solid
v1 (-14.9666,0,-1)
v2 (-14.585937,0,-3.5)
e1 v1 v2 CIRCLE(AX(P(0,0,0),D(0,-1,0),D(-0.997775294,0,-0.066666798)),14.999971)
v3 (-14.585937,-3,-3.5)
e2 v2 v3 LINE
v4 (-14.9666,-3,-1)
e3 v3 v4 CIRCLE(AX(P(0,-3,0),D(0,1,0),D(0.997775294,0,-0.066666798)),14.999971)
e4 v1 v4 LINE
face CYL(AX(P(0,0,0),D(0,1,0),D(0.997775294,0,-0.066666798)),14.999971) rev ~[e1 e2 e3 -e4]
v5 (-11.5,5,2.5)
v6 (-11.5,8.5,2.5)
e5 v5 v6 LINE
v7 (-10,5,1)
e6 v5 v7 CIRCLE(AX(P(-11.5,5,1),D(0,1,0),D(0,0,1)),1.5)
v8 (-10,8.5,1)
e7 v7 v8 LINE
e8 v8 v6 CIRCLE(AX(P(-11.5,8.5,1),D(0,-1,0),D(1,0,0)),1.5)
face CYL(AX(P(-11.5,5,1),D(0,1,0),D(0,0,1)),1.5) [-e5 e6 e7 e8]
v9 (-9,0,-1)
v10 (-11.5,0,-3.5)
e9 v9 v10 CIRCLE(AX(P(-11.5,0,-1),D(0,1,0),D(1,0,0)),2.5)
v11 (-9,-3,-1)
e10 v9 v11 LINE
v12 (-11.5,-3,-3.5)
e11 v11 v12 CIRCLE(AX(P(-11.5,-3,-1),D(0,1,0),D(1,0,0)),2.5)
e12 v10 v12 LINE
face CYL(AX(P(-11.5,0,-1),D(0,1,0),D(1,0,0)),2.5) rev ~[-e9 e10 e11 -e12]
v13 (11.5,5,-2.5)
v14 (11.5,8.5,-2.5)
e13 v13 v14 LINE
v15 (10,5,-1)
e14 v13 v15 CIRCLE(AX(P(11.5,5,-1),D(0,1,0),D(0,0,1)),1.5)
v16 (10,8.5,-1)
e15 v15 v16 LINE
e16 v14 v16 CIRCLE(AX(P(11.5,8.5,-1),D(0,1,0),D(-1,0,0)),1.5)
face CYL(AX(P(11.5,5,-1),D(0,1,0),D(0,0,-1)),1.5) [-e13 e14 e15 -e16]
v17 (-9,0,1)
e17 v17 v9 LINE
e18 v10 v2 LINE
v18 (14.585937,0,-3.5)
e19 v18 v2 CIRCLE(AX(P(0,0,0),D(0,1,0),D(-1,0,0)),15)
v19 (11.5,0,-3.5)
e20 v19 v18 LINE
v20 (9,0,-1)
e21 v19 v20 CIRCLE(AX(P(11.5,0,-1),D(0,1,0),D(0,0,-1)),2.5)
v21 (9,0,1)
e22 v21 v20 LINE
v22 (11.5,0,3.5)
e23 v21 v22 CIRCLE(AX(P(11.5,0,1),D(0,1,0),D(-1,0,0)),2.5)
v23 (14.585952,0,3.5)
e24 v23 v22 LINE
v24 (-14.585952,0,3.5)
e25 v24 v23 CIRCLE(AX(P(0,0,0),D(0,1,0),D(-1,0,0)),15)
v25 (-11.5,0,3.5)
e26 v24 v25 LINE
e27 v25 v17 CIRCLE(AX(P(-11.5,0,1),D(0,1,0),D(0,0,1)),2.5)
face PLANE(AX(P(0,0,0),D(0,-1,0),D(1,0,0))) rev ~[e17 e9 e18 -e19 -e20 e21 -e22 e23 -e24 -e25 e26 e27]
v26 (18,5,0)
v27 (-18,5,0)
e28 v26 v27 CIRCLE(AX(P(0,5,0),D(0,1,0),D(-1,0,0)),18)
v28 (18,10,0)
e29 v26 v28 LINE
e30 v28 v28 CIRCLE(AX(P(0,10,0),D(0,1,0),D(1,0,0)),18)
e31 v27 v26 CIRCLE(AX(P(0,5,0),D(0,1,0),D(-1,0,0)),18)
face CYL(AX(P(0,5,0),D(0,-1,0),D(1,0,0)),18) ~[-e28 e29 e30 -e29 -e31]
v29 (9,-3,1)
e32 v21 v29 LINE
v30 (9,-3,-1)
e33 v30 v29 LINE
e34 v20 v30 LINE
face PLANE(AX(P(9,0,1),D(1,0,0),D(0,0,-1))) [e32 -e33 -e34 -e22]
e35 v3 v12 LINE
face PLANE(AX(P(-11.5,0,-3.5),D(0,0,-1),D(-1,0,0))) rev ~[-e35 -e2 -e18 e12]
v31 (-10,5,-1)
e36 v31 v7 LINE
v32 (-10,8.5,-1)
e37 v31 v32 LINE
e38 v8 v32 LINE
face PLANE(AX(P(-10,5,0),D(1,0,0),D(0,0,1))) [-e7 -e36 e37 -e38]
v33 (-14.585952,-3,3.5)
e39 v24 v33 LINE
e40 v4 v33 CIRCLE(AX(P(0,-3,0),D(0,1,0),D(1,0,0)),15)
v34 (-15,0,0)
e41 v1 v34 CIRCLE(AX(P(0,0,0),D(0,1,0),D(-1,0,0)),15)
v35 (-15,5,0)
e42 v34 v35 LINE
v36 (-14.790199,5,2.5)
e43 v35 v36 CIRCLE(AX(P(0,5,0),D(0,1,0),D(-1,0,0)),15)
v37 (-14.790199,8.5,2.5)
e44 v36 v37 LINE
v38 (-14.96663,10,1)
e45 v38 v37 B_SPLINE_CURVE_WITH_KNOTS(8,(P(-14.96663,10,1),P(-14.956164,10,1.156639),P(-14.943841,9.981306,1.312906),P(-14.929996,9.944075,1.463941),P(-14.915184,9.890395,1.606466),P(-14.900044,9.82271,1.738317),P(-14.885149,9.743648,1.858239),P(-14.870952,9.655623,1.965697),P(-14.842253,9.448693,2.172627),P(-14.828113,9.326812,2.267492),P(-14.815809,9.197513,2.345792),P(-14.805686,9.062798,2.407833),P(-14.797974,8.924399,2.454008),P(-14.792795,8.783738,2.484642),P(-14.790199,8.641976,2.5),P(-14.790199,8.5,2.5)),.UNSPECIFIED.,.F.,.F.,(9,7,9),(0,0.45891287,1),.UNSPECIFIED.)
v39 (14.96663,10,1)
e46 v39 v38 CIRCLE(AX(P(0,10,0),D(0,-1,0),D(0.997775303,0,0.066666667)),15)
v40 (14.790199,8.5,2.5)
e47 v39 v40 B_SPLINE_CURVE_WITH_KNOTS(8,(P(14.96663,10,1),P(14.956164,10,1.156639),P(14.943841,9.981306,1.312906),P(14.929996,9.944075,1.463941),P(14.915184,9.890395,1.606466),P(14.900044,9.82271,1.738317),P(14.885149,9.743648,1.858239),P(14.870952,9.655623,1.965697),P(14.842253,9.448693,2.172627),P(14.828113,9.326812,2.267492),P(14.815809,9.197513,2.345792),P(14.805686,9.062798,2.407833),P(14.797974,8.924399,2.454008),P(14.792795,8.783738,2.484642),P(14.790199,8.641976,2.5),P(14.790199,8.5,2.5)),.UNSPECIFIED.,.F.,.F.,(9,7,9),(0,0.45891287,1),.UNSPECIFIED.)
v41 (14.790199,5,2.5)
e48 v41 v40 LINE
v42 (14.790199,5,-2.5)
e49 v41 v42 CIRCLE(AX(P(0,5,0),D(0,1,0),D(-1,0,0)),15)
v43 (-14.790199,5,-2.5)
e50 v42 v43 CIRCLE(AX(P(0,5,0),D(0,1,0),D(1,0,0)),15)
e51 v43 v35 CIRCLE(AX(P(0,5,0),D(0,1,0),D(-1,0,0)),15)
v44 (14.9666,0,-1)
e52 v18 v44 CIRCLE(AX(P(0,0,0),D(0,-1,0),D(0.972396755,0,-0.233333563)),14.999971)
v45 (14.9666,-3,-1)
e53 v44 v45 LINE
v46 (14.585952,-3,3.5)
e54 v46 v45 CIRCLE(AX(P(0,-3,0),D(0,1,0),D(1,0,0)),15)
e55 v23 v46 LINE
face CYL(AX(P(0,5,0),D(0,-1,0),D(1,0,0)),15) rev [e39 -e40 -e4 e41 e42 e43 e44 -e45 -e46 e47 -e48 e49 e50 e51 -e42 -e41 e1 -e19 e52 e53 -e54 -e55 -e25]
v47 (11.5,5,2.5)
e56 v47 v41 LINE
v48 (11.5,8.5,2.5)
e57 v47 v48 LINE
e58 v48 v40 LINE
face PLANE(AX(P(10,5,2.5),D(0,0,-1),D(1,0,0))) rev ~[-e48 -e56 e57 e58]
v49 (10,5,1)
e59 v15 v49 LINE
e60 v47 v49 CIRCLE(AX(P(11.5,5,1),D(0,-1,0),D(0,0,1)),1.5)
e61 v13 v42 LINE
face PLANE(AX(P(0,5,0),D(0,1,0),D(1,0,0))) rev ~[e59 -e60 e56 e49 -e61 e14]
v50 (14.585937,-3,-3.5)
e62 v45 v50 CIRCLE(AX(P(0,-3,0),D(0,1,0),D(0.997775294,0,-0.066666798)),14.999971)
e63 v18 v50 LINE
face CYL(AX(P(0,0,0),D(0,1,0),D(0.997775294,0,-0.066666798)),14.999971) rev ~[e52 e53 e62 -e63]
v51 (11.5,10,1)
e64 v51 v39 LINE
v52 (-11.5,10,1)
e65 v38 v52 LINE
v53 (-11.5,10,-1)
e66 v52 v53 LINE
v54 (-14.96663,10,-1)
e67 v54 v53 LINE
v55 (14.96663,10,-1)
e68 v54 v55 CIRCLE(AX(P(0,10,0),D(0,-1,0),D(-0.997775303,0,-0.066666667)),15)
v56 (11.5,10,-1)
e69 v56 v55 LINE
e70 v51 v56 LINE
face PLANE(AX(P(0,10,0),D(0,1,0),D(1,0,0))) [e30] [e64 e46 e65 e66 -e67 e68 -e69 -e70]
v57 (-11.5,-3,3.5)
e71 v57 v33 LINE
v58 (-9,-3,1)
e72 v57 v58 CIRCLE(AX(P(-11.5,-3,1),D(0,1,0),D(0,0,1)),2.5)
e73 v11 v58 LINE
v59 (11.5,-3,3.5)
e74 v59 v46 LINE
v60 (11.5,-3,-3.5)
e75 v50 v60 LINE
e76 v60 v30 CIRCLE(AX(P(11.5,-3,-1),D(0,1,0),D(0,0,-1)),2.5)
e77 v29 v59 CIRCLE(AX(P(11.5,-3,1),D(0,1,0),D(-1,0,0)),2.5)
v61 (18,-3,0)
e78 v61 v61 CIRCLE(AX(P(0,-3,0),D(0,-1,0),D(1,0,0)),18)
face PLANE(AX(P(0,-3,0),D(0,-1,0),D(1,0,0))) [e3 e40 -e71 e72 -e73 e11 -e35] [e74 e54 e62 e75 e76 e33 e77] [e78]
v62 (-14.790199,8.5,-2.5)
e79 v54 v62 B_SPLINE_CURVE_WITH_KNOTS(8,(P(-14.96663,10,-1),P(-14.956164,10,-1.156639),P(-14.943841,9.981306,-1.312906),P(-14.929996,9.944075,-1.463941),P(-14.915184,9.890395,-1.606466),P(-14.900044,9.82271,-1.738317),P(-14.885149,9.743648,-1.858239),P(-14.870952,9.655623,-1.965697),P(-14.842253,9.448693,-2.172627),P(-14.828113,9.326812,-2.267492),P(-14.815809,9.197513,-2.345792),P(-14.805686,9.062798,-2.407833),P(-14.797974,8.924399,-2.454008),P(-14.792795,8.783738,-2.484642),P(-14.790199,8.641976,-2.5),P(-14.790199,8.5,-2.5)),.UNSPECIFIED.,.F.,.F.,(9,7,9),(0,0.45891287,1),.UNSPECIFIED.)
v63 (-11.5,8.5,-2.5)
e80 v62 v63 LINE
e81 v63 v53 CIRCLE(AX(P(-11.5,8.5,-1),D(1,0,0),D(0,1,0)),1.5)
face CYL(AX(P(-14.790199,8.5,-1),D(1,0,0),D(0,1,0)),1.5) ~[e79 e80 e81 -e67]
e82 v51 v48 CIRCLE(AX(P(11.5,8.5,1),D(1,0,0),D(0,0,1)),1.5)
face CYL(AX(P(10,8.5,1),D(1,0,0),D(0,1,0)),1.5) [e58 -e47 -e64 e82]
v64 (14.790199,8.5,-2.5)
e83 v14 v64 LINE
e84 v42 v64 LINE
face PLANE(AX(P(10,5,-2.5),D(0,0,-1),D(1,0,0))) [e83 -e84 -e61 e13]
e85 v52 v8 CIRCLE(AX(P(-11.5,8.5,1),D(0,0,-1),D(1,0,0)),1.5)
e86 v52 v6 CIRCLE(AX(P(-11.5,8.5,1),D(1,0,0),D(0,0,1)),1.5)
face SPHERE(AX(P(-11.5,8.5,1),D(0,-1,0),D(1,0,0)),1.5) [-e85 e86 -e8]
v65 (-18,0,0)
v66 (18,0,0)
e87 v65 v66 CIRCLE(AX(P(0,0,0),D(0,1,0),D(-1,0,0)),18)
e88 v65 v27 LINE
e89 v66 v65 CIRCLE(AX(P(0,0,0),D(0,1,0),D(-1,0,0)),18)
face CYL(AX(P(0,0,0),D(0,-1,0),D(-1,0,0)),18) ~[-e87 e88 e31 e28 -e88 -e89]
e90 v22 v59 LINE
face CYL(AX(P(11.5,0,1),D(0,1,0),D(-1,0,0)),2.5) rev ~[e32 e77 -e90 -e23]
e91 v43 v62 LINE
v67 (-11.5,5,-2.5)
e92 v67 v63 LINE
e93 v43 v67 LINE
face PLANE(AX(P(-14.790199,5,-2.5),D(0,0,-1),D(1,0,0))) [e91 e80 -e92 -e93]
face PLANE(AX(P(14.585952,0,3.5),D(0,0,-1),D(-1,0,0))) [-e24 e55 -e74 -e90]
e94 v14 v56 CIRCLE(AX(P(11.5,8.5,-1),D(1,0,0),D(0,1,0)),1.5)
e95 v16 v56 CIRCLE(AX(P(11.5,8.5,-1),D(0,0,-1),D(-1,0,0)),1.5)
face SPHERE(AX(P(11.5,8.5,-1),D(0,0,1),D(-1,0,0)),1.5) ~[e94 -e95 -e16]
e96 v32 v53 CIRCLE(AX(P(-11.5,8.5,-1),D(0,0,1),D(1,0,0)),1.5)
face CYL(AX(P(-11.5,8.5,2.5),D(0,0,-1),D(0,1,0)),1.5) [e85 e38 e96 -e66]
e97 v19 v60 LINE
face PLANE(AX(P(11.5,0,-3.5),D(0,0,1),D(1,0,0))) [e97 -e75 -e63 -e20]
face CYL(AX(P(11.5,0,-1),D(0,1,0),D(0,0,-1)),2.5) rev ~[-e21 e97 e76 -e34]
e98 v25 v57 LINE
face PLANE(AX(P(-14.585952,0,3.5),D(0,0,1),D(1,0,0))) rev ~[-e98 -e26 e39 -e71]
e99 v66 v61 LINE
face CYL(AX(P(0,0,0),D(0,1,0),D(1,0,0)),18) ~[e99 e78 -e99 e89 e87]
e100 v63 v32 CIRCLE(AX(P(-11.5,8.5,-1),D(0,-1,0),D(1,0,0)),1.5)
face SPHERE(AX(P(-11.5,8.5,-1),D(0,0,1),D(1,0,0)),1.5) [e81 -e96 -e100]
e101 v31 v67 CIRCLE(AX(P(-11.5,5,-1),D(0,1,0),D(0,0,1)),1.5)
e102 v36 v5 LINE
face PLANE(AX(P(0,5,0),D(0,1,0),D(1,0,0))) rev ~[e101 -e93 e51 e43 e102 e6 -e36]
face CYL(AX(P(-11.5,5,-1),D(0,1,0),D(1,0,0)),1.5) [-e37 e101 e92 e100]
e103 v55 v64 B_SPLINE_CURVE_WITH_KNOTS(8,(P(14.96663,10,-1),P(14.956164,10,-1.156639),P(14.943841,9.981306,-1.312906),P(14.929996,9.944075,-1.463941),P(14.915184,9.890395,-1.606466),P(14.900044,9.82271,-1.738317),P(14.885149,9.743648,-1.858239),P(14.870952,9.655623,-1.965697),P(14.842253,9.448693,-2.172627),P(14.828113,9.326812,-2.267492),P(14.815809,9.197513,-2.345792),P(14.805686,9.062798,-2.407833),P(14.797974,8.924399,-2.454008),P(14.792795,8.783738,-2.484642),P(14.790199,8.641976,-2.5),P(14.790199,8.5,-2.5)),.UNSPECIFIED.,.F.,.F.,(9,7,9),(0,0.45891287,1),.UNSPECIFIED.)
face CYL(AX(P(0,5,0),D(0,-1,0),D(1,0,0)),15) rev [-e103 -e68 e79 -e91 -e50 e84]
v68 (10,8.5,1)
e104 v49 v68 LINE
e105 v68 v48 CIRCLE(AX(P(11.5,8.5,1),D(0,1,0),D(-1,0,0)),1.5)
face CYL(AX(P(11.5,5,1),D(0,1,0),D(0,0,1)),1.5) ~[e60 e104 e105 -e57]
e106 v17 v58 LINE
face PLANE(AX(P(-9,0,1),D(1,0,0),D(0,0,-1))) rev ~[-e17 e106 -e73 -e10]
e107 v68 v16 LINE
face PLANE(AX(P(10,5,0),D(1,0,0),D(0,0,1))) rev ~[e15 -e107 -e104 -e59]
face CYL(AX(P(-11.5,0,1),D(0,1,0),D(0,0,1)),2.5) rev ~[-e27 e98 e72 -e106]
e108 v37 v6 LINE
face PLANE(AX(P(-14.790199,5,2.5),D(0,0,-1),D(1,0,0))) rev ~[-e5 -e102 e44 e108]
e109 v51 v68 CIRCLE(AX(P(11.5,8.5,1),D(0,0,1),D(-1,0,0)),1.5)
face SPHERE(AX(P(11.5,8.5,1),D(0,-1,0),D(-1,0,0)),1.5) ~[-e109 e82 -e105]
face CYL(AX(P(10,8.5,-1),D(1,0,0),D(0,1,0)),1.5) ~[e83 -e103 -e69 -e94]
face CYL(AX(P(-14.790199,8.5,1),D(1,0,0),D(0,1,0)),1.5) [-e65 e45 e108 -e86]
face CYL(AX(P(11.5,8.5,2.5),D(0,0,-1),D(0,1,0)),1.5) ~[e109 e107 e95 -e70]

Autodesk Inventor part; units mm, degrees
ref_plane "YZ Plane" through (0, 0, 0) normal (1, 0, 0) x (0, 1, 0)
ref_plane "XZ Plane" through (0, 0, 0) normal (0, 1, 0) x (-1, 0, 0)
ref_plane "XY Plane" through (0, 0, 0) normal (0, 0, 1) x (1, 0, 0)
sketch "Sketch5" plane through (0, 0, 0) normal (0, 1, 0) x (-1, 0, 0)
  circle A0 centre (0, 0) radius 15
  circle A1 centre (0, 0) radius 18
  dimension "d18" = 30
  dimension "d19" = 36
extrude "Extrusion4" add sketch "Sketch5" along normal blind 5
sketch "Sketch6" plane through (0, 0, 0) normal (0, -1, 0) x (1, 0, 0)
  circle A0 centre (0, 0) radius 15 projected
  circle A1 centre (0, 0) radius 18 projected
extrude "Extrusion5" add sketch "Sketch6" along normal blind 3 contours A0 | A1
sketch "Sketch7" plane through (0, 5, 0) normal (0, 1, 0) x (1, 0, 0)
  circle A0 centre (0, 0) radius 15 projected
  circle A1 centre (0, 0) radius 18 projected
  line L0 (-17.8255, 2.5) -> (17.8255, 2.5)
  line L1 (-17.8255, -2.5) -> (17.8255, -2.5)
  circle A2 centre (0, 0) radius 10
  line L2 (-10, 2.5) -> (-10, -2.5)
  line L3 (10, 2.5) -> (10, -2.5)
  point P0 (0, 2.5)
  point P1 (-14.7902, 2.5)
  point P2 (14.7902, 2.5)
  point P3 (14.7902, -2.5)
  point P4 (-14.7902, -2.5)
  dimension "d24" = 2.5
  dimension "d25" = 20
extrude "Extrusion6" add sketch "Sketch7" along normal blind 5 contours A0 L1 L3 L0 | A0 L0 A1 L1 | A0 L0 A1 | L1 A1 A0 | L0 L2 L1 A0 | A0 L1 A1 L0
fillet "Fillet1" radius 1.5 10 edges at (-10, 7.5, 2.5) (-10, 10, 0) (10, 7.5, 2.5) (10, 10, 0) (10, 7.5, -2.5) (-10, 7.5, -2.5) (12.3951, 10, 2.5) (12.3951, 10, -2.5) (-12.3951, 10, 2.5) (-12.3951, 10, -2.5)
sketch "Sketch8" plane through (0, 0, 0) normal (0, 1, 0) x (1, 0, 0)
  arc A0 (-10, 1) -> (-11.5, 2.5) centre (-11.5, 1) ccw projected
  line L0 (-11.5, 2.5) -> (-14.7902, 2.5) projected
  line L1 (-10, -1) -> (-10, 1) projected
  arc A1 (-11.5, -2.5) -> (-10, -1) centre (-11.5, -1) ccw projected
  line L2 (-14.7902, -2.5) -> (-11.5, -2.5) projected
  line L3 (11.5, -2.5) -> (14.7902, -2.5) projected
  arc A2 (10, -1) -> (11.5, -2.5) centre (11.5, -1) ccw projected
  line L4 (10, 1) -> (10, -1) projected
  arc A3 (11.5, 2.5) -> (10, 1) centre (11.5, 1) ccw projected
  line L5 (14.7902, 2.5) -> (11.5, 2.5) projected
  arc A4 (14.9666, 1) -> (-14.9666, 1) centre (0, 0) ccw projected
  line L6 (-14.7902, -3.5) -> (-11.5, -3.5)
  arc A5 (-11.5, -3.5) -> (-9, -1) centre (-11.5, -1) ccw
  line L7 (-9, -1) -> (-9, 1)
  arc A6 (-9, 1) -> (-11.5, 3.5) centre (-11.5, 1) ccw
  line L8 (-11.5, 3.5) -> (-14.7902, 3.5)
  line L9 (14.7902, -3.5) -> (11.5, -3.5)
  arc A7 (9, -1) -> (11.5, -3.5) centre (11.5, -1) ccw
  line L10 (9, -1) -> (9, 1)
  arc A8 (11.5, 3.5) -> (9, 1) centre (11.5, 1) ccw
  line L11 (11.5, 3.5) -> (14.7902, 3.5)
  circle A9 centre (0, 0) radius 15 projected
  point P0 (14.586, 3.5)
  point P1 (14.586, -3.5)
  point P2 (-14.586, -3.5)
  point P3 (-14.586, 3.5)
  dimension "d29" = 1
  dimension "d30" = 1
extrude "Extrusion7" cut sketch "Sketch8" against normal through all contours L1 A1 L2 A9 A4 L0 A0 | A0 L0 A4 L8 A6 L7 A5 L6 A9 L2 A1 L1 | A4 L5 A3 L4 A2 L3 A9 L9 A7 L10 A8 L11 | A4 A9 L3 A2 L4 A3 L5
properties part number "Tapa"
